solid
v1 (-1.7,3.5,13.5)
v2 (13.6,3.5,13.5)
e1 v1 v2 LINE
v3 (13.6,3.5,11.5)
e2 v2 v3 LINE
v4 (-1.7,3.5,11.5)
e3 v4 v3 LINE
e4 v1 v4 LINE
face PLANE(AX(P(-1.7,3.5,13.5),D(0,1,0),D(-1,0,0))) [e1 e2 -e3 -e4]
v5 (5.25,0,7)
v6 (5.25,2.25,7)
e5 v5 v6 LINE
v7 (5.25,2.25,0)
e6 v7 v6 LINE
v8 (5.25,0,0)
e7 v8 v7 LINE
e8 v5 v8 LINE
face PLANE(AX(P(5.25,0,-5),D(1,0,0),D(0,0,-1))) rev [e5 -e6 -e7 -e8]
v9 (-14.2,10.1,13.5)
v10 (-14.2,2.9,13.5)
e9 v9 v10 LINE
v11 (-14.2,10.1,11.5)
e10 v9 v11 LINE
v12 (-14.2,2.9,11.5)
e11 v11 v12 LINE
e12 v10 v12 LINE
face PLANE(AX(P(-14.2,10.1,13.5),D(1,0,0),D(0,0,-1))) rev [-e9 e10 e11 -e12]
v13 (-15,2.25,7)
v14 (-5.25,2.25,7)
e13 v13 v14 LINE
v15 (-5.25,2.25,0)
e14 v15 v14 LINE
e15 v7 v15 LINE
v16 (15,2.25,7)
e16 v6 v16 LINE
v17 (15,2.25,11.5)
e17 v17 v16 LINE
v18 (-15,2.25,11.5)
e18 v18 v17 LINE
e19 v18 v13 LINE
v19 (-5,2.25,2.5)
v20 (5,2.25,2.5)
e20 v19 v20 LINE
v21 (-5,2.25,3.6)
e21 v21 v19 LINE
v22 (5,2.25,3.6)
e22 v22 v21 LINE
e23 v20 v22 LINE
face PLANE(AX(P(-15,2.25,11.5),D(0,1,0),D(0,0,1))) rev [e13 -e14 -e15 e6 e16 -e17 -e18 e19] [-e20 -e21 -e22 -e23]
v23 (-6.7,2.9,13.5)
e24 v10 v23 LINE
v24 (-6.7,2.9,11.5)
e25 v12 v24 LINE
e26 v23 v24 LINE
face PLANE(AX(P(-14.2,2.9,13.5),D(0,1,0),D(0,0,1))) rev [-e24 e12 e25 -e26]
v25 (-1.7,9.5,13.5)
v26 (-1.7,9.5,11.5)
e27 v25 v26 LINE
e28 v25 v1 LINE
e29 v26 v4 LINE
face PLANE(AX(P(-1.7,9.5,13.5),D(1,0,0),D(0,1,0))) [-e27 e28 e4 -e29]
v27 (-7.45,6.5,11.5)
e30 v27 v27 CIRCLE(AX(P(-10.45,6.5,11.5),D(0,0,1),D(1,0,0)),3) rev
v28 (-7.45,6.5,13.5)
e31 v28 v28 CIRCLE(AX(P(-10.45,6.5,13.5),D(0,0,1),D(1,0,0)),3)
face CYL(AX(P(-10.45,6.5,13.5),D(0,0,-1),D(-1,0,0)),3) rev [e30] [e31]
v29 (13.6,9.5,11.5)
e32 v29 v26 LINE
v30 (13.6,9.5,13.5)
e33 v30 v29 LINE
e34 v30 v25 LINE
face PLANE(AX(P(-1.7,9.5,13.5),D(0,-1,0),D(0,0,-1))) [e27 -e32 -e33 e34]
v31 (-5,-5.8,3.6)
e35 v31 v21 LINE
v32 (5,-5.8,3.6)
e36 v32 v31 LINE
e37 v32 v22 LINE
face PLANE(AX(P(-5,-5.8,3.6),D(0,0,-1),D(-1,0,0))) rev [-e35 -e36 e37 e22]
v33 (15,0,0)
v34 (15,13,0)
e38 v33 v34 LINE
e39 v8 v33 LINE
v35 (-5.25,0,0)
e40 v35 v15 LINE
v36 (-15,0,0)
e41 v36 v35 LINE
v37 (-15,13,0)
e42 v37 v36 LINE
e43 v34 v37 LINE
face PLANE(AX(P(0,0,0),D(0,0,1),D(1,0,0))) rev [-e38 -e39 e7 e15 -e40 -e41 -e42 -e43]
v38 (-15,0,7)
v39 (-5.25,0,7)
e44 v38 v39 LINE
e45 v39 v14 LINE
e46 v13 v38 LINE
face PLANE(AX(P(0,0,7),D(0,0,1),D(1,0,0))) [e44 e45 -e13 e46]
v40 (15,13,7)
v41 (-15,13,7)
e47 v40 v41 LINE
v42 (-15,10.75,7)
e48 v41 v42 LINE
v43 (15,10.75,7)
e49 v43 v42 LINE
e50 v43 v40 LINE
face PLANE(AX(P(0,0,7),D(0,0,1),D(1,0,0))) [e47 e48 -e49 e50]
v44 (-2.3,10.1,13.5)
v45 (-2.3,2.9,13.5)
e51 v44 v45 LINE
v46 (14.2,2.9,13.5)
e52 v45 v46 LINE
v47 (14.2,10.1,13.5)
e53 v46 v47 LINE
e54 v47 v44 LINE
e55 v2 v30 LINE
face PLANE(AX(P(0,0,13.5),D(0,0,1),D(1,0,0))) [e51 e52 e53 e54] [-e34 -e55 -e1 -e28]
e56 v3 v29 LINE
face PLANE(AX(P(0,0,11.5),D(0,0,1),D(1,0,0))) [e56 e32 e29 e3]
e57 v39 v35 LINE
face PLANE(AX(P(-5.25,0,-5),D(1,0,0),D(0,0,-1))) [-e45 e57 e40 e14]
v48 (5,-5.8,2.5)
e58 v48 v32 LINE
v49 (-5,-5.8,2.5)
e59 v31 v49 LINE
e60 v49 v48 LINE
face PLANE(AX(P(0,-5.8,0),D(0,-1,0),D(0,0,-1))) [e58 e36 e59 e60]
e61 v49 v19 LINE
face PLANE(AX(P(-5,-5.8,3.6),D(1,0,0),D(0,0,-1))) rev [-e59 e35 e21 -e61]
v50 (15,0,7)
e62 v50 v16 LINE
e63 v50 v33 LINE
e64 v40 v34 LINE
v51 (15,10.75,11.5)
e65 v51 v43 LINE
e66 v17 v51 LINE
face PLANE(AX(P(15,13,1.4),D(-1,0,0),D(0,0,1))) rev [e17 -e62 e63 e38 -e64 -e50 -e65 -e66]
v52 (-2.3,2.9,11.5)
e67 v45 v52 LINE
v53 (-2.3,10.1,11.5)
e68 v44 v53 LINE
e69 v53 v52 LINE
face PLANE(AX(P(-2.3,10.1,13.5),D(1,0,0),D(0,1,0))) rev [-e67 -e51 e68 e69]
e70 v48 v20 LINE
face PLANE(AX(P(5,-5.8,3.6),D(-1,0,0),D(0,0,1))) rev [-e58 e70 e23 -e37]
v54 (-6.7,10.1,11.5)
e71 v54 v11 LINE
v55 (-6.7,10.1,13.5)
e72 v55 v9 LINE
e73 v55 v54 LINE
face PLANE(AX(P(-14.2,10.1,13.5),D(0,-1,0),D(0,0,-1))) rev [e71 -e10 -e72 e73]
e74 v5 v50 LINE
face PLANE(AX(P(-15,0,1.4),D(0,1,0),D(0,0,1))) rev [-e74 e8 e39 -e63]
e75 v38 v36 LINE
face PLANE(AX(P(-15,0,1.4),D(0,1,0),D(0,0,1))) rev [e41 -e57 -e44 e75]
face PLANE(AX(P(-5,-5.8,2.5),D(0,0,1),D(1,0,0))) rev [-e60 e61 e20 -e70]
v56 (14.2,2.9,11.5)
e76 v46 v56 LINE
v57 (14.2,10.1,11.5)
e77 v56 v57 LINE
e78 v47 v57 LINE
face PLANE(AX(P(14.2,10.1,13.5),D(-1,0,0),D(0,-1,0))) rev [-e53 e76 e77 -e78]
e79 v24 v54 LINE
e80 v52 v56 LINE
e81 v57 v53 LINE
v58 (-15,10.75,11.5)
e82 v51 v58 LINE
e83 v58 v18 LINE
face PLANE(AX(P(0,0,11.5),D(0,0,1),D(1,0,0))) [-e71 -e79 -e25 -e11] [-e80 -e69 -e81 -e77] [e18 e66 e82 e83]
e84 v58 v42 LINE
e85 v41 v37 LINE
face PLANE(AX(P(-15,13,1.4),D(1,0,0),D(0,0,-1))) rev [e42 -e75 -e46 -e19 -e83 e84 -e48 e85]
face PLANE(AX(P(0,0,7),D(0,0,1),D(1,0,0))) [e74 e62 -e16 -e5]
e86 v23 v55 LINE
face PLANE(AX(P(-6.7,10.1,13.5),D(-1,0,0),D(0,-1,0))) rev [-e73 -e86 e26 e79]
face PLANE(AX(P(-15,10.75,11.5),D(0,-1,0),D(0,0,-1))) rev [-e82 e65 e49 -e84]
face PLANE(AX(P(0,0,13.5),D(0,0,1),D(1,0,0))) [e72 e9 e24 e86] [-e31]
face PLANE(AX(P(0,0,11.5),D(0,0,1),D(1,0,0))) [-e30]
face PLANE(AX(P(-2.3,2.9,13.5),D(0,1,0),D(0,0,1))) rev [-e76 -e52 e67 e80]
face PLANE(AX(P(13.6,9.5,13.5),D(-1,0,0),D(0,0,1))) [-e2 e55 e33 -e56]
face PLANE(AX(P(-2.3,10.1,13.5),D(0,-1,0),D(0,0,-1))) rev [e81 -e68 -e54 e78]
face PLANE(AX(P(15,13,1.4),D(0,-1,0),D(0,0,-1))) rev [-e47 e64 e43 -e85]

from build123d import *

# Parameters (mm, degrees)
SKETCH_1_W          = 30
SKETCH_1_H          = 13
EXTRUDE_1_DEPTH     = 1.4
SKETCH_2_W          = 30
SKETCH_2_H          = 13
EXTRUDE_2_DEPTH     = 4
SKETCH_3_W          = 30
SKETCH_3_H          = 13
EXTRUDE_3_DEPTH     = 1.6
SKETCH_4_W          = 30
SKETCH_4_H          = 8.5
EXTRUDE_4_DEPTH     = 4.5
SKETCH_6_W          = 16.5
SKETCH_6_H          = 7.2
SKETCH_6_W_2        = 15.3
SKETCH_6_H_2        = 6
SKETCH_6_W_3        = 7.5
SKETCH_6_R          = 3
EXTRUDE_5_DEPTH     = 2
SKETCH_7_W          = 10.5
SKETCH_7_H          = 4.5
CUT_EXTRUDE_1_DEPTH = 12
SKETCH_8_W          = 10
SKETCH_8_H          = 1.1
EXTRUDE_6_DEPTH     = 8.05


with BuildPart() as part:
    # Эскиз1 → Бобышка-Вытянуть1 (new body)
    with BuildSketch(Plane.XY):
        with Locations((0, 6.5)):
            Rectangle(SKETCH_1_W, SKETCH_1_H)
    extrude(amount=EXTRUDE_1_DEPTH)

    # Эскиз2 → Бобышка-Вытянуть2 (add)
    with BuildSketch(Plane.XY.offset(1.4)):
        with Locations((0, 6.5)):
            Rectangle(SKETCH_2_W, SKETCH_2_H)
    extrude(amount=EXTRUDE_2_DEPTH)

    # Эскиз3 → Бобышка-Вытянуть3 (add)
    with BuildSketch(Plane.XY.offset(5.4)):
        with Locations((0, 6.5)):
            Rectangle(SKETCH_3_W, SKETCH_3_H)
    extrude(amount=EXTRUDE_3_DEPTH)

    # Эскиз4 → Бобышка-Вытянуть4 (add)
    with BuildSketch(Plane.XY.offset(7)):
        with Locations((0, 6.5)):
            Rectangle(SKETCH_4_W, SKETCH_4_H)
    extrude(amount=EXTRUDE_4_DEPTH)

    # Эскиз6 → Бобышка-Вытянуть5 (add)
    # profile 1 of 2: a face of its own
    with BuildSketch(Plane.XY.offset(11.5)):
        with Locations((5.95, 6.5)):
            Rectangle(SKETCH_6_W, SKETCH_6_H)
        with Locations((5.95, 6.5)):
            Rectangle(SKETCH_6_W_2, SKETCH_6_H_2, mode=Mode.SUBTRACT)
    # profile 2 of 2: a face of its own
    with BuildSketch(Plane.XY.offset(11.5)):
        with Locations((-10.45, 6.5)):
            Rectangle(SKETCH_6_W_3, SKETCH_6_H)
        with Locations((-10.45, 6.5)):
            Circle(SKETCH_6_R, mode=Mode.SUBTRACT)
    extrude(amount=EXTRUDE_5_DEPTH)

    # Эскиз7 → Вырез-Вытянуть1 (cut)
    with BuildSketch(Plane.XY.offset(7)):
        Rectangle(SKETCH_7_W, SKETCH_7_H)
    extrude(amount=-CUT_EXTRUDE_1_DEPTH, mode=Mode.SUBTRACT)

    # Эскиз8 → Бобышка-Вытянуть6 (add)
    with BuildSketch(Plane.XZ.offset(-2.25)):
        with Locations((0, 3.05)):
            Rectangle(SKETCH_8_W, SKETCH_8_H)
    extrude(amount=EXTRUDE_6_DEPTH)


solid = part.part
